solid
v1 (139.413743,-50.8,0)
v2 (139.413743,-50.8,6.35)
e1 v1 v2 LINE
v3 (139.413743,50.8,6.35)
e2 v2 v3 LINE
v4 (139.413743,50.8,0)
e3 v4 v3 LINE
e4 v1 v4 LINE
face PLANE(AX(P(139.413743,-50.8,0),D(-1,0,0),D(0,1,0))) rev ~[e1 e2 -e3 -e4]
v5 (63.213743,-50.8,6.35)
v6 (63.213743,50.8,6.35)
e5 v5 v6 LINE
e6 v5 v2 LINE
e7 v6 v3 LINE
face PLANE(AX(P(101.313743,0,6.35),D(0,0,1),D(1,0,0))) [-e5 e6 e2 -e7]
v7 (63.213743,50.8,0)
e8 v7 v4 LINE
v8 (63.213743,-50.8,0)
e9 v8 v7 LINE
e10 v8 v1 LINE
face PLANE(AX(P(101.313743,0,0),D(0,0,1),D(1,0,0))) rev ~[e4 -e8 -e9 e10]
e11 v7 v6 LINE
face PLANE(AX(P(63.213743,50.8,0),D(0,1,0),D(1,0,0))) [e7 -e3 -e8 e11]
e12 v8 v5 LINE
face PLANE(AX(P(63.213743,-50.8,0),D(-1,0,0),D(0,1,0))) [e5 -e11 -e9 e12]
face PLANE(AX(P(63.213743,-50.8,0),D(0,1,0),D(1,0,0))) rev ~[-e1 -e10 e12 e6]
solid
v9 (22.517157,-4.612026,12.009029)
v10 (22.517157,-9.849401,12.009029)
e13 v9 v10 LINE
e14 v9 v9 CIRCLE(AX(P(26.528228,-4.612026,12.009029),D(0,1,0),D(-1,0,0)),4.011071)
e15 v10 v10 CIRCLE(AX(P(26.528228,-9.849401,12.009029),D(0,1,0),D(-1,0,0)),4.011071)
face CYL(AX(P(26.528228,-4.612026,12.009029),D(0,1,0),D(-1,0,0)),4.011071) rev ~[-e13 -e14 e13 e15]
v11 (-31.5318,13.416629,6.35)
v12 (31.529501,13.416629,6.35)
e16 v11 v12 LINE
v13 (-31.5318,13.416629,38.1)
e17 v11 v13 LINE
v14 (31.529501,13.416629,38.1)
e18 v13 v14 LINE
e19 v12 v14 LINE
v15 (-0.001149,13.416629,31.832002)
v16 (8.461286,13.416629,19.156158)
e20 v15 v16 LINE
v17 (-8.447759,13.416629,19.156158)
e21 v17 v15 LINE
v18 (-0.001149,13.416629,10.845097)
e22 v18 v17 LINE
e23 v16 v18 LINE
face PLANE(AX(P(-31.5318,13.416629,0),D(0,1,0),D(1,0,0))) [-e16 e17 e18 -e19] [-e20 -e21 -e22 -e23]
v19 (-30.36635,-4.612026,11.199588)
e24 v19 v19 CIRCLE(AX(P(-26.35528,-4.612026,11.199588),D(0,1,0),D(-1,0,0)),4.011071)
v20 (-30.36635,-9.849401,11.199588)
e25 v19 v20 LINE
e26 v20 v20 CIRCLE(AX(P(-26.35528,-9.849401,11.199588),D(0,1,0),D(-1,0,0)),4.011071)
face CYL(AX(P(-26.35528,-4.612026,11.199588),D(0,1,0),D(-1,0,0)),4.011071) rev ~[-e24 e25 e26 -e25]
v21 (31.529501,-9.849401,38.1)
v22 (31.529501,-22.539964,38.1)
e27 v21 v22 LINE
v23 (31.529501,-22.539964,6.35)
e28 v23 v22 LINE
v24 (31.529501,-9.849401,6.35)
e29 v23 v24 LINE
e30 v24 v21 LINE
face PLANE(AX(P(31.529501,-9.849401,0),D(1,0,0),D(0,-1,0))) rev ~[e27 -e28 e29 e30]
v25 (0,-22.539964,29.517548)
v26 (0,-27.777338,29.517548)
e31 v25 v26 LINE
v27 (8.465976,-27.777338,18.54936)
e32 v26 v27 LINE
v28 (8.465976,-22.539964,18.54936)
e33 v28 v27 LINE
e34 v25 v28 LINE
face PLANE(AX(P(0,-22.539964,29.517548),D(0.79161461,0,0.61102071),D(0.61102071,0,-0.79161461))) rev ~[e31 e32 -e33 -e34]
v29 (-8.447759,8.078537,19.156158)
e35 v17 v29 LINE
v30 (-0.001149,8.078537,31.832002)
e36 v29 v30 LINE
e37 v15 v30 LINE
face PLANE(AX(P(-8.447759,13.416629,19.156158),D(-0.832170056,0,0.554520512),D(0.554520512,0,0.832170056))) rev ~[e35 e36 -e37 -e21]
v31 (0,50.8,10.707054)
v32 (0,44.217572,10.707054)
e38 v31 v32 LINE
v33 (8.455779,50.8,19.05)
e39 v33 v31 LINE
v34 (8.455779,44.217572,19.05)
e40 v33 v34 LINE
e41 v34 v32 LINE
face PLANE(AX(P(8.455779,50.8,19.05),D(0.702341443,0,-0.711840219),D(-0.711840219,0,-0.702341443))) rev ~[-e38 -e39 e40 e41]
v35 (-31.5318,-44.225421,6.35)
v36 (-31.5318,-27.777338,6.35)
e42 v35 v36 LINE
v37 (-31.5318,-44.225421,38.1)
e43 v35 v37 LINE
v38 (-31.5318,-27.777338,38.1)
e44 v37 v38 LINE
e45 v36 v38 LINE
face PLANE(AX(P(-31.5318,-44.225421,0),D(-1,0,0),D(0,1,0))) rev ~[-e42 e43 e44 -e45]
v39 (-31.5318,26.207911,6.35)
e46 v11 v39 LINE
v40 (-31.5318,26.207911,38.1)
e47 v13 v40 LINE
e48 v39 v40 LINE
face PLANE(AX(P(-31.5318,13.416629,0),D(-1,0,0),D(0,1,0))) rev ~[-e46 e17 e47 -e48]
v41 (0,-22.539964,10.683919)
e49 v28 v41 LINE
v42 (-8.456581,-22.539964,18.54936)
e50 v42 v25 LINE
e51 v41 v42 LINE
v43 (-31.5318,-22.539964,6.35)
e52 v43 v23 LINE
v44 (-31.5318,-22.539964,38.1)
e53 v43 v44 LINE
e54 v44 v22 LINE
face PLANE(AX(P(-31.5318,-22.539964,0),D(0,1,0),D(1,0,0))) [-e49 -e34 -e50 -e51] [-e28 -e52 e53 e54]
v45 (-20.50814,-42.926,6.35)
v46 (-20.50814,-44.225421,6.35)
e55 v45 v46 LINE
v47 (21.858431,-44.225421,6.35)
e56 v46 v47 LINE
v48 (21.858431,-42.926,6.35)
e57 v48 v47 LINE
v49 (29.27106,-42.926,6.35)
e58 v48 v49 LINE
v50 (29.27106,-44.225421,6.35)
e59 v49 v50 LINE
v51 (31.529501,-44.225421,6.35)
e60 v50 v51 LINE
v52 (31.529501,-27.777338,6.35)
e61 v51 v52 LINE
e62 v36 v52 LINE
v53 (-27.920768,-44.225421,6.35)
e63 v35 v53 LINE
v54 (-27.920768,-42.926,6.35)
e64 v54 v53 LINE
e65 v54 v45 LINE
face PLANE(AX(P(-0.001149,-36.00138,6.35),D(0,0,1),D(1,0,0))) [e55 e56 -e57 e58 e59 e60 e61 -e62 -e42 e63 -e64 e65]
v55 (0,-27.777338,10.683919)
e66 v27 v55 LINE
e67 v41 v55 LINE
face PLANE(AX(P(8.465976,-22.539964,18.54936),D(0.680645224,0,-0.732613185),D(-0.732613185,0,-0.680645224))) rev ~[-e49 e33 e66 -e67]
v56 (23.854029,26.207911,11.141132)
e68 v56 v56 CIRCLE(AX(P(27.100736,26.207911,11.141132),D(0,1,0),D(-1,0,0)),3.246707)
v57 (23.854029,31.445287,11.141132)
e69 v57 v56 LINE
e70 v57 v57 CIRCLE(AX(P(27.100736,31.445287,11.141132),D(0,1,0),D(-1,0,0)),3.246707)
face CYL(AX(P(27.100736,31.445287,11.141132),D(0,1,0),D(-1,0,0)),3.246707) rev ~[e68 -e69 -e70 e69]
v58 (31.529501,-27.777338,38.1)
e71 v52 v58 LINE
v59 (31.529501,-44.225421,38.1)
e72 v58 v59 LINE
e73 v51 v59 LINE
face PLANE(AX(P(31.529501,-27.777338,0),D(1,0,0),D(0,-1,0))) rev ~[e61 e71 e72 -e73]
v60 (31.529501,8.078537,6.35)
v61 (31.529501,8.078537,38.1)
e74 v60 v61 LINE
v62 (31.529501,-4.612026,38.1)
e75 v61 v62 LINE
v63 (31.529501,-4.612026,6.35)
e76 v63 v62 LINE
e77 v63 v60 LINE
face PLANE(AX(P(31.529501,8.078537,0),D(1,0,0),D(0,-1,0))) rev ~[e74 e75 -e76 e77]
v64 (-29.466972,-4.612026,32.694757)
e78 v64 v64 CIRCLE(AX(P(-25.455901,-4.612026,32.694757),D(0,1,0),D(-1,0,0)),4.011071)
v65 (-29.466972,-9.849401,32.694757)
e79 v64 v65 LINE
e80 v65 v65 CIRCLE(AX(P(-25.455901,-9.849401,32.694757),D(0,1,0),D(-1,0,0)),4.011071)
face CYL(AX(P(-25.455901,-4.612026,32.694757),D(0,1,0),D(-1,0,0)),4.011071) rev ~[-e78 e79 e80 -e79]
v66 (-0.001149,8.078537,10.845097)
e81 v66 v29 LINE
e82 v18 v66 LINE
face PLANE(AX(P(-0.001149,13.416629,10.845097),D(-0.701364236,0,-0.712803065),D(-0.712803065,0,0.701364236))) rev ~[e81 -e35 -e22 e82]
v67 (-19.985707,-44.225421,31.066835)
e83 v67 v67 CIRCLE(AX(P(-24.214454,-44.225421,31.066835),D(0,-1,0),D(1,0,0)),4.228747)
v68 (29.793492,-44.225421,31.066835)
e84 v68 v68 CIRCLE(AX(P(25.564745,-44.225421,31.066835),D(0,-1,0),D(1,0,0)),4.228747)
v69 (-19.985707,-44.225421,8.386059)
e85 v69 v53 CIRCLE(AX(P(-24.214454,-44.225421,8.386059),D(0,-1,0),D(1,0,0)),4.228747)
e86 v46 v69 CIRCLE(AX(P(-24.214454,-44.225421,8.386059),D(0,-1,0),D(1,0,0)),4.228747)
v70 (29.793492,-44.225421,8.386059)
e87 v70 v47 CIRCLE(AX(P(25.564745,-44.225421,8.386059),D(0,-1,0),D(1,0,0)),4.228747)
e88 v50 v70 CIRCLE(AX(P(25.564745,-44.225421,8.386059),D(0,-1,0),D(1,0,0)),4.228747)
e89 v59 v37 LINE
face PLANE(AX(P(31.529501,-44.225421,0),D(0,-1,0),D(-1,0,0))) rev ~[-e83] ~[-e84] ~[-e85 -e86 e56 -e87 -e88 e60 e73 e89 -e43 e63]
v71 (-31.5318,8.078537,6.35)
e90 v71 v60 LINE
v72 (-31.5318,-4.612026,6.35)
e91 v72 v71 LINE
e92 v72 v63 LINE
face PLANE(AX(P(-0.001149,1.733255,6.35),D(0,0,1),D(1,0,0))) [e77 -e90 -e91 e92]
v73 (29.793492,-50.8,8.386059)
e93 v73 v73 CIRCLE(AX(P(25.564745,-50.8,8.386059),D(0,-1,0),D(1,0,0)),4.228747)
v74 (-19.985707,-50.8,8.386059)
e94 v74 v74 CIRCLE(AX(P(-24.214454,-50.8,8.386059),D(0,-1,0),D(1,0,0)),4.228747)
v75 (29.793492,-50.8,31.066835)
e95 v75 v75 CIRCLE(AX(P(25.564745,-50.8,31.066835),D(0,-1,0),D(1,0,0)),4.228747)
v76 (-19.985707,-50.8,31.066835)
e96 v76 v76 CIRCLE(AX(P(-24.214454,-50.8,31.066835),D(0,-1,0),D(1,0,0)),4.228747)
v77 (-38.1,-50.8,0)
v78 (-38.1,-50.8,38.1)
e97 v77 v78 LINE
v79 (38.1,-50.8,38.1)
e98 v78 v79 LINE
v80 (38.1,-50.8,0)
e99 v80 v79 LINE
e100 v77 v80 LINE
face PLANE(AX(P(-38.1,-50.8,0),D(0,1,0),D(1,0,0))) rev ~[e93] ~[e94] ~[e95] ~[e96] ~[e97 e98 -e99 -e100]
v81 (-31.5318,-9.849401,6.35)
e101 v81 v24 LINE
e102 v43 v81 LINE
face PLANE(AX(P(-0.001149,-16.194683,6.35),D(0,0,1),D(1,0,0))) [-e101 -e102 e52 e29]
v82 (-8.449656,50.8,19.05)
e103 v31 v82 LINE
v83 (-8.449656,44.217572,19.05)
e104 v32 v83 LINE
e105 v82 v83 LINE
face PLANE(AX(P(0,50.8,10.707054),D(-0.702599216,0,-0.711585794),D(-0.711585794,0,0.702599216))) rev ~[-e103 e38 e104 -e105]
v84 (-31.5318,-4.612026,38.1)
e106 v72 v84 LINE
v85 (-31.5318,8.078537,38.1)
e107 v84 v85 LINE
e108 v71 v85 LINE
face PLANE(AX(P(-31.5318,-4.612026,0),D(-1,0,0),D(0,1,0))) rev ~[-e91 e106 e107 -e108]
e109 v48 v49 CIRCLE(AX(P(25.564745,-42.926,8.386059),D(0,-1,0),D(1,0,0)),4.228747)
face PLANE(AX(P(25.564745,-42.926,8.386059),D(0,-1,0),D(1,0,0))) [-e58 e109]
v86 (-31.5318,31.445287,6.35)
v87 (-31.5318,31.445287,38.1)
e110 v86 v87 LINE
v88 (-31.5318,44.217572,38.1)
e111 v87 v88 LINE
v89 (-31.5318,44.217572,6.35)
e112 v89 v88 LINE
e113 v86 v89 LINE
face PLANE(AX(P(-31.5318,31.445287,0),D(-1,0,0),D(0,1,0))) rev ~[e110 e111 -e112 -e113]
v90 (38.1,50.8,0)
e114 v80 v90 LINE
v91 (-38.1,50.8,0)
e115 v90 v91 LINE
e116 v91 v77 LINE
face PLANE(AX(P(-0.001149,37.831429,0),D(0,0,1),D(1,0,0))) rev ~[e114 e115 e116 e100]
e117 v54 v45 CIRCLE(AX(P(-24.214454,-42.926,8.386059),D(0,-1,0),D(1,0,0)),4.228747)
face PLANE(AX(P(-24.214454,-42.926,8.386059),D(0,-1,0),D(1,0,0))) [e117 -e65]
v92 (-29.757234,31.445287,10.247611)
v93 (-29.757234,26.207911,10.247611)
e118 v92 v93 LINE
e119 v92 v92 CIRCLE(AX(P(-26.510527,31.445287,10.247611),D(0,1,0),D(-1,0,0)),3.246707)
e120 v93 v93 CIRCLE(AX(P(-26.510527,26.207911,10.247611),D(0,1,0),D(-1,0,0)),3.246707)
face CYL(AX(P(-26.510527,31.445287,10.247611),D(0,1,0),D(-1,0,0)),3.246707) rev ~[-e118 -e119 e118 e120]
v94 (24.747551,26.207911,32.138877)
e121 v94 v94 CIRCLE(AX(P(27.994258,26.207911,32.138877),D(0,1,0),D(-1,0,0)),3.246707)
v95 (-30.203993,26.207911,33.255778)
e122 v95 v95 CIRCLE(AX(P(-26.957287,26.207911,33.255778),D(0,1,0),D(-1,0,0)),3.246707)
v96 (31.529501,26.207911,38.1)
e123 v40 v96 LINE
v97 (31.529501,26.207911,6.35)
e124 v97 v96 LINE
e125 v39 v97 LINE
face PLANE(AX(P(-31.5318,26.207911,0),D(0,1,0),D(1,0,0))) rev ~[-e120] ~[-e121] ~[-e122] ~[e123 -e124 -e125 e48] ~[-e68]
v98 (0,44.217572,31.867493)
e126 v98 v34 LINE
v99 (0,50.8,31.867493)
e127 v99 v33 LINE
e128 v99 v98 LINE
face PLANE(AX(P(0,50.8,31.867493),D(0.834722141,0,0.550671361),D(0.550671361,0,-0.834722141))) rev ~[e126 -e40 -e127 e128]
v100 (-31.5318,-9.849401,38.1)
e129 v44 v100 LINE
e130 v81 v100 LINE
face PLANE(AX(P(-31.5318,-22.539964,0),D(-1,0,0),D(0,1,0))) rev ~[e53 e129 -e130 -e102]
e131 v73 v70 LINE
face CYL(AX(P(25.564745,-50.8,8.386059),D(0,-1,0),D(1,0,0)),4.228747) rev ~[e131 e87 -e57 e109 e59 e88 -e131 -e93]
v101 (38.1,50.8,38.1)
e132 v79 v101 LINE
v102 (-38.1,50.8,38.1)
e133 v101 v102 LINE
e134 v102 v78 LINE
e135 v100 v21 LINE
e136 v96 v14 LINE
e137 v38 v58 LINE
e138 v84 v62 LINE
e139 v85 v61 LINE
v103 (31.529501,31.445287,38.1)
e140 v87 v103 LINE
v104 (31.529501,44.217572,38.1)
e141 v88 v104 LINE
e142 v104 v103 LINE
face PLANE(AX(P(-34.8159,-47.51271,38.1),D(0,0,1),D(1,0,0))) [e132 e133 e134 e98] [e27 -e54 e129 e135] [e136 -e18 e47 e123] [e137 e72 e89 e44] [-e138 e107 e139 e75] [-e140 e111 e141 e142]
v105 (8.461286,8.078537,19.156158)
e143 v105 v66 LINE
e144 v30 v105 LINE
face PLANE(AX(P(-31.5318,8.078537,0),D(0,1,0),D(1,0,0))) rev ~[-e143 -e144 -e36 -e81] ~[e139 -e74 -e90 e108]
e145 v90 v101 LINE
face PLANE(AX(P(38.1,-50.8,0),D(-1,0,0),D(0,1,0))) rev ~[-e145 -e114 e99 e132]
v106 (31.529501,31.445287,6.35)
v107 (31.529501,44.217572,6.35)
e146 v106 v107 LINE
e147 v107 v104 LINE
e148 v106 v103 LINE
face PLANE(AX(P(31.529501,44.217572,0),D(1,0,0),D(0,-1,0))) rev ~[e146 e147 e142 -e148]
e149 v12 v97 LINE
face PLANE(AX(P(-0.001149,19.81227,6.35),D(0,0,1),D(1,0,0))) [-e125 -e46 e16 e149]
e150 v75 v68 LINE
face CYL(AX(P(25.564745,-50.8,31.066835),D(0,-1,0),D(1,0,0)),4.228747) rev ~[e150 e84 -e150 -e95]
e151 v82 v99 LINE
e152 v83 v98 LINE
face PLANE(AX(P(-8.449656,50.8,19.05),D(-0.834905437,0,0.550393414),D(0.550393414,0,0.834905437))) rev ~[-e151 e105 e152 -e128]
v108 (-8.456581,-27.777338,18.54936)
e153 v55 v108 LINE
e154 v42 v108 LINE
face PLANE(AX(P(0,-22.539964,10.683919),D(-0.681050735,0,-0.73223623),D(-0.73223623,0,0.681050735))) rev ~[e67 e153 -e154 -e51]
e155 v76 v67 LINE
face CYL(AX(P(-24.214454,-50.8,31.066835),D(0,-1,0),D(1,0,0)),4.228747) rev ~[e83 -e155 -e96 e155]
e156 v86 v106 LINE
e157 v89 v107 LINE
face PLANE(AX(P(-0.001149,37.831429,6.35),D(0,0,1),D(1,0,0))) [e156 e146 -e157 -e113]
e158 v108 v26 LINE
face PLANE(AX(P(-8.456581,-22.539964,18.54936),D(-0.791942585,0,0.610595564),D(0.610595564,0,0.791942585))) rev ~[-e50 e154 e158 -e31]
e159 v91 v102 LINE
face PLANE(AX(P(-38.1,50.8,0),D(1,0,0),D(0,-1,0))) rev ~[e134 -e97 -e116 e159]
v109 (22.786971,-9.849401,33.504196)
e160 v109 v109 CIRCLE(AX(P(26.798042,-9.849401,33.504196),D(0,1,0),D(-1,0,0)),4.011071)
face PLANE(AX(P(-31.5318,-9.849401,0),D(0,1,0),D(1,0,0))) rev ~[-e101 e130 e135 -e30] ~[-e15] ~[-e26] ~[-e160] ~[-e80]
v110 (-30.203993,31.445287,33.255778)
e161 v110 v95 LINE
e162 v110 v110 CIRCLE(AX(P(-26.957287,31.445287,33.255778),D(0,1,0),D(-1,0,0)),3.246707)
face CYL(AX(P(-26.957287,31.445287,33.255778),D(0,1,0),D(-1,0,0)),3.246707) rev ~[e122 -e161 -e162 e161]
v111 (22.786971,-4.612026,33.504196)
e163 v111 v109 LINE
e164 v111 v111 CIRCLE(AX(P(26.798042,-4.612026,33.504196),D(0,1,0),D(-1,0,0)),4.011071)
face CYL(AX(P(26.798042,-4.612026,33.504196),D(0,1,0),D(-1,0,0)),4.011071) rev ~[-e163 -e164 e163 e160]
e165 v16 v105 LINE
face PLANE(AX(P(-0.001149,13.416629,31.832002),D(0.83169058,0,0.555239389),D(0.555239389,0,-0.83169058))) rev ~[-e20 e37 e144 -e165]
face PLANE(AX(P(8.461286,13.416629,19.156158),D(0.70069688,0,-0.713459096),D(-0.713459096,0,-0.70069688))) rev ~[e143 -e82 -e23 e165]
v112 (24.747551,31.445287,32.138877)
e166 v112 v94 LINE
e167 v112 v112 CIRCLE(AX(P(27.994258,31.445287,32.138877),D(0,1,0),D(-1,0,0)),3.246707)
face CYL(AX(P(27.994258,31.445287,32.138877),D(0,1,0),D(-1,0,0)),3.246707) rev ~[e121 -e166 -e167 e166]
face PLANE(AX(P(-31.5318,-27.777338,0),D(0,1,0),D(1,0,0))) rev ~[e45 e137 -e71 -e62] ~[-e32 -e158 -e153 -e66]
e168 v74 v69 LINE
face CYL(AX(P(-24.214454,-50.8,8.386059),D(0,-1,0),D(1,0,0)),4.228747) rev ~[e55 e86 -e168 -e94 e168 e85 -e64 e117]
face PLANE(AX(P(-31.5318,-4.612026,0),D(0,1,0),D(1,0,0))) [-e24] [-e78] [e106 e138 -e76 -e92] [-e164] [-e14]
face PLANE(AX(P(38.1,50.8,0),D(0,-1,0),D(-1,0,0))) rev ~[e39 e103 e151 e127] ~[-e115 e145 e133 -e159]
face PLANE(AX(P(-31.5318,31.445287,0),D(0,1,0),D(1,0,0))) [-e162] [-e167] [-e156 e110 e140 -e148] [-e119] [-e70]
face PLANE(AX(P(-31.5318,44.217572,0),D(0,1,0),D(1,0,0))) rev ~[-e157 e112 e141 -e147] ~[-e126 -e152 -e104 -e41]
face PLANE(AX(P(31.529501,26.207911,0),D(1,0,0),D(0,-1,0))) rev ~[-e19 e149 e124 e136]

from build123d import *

# Parameters (mm, degrees)
F0_W      = 6.5682004154
F0_H      = 6.5745791972
F0_W_2    = 6.5704989195
F0_H_2    = 6.5824283838
F0_W_3    = 63.0613006651
F0_H_3    = 5.2373763174
F0_H_4    = 5.3380923346
F0_H_5    = 5.2373749204
F0_H_6    = 5.2373744547
F1_DEPTH  = 38.1
F0_H_7    = 12.7722844481
F0_H_8    = 12.791281566
F0_H_9    = 12.6905632205
F0_H_10   = 12.6905627549
F0_H_11   = 16.4480824023
F2_DEPTH  = 6.35
F4_DEPTH  = 12.7
F5_R      = 3.2467068395
F6_DEPTH  = 7.62
F8_DEPTH  = 7.62
F9_R      = 4.0110707537
F10_DEPTH = 7.62
F12_DEPTH = 7.62
F13_R     = 4.2287470851
F14_DEPTH = 7.874
F0_W_4    = 76.2
F0_H_12   = 101.6
F15_DEPTH = 6.35


with BuildPart() as f1:
    # F0 (on Top) → F1 (new body)
    with BuildSketch(Plane.XY):
        with Locations((-34.8158997923, -47.5127104014)):
            Rectangle(F0_W, F0_H)
        with Locations((34.8147505403, 47.5087858081)):
            Rectangle(F0_W_2, F0_H_2)
        with Locations((34.8147505403, -47.5127104014)):
            Rectangle(F0_W_2, F0_H)
        with Locations((-34.8158997923, 47.5087858081)):
            Rectangle(F0_W, F0_H_2)
        with Locations((-0.0011492521, -47.5127104014)):
            Rectangle(F0_W_3, F0_H)
        with Locations((-0.0011492521, 47.5087858081)):
            Rectangle(F0_W_3, F0_H_2)
        Polygon((31.5295010805, -44.2254208028), (38.1, -44.2254208028), (38.1, 44.2175716162), (31.5295010805, 44.2175716162), (31.5295010805, 31.445287168), (31.5295010805, 26.2079108506), (31.5295010805, 13.4166292846), (31.5295010805, 8.0785369501), (31.5295010805, -4.6120262705), (31.5295010805, -9.8494011909), (31.5295010805, -22.5399639457), (31.5295010805, -27.7773384005), align=None)
        Polygon((-38.1, -44.2254208028), (-31.5317995846, -44.2254208028), (-31.5317995846, -27.7773384005), (-31.5317995846, -22.5399639457), (-31.5317995846, -9.8494011909), (-31.5317995846, -4.6120262705), (-31.5317995846, 8.0785369501), (-31.5317995846, 13.4166292846), (-31.5317995846, 26.2079108506), (-31.5317995846, 31.445287168), (-31.5317995846, 44.2175716162), (-38.1, 44.2175716162), align=None)
        with Locations((-0.0011492521, 28.8265990093)):
            Rectangle(F0_W_3, F0_H_3)
        with Locations((-0.0011492521, 10.7475831173)):
            Rectangle(F0_W_3, F0_H_4)
        with Locations((-0.0011492521, -7.2307137307)):
            Rectangle(F0_W_3, F0_H_5)
        with Locations((-0.0011492521, -25.1586511731)):
            Rectangle(F0_W_3, F0_H_6)
    extrude(amount=F1_DEPTH)

    # F0 (on Top) → F2 (join)
    with BuildSketch(Plane.XY):
        with Locations((-0.0011492521, 37.8314293921)):
            Rectangle(F0_W_3, F0_H_7)
        with Locations((-0.0011492521, 19.8122700676)):
            Rectangle(F0_W_3, F0_H_8)
        with Locations((-0.0011492521, 1.7332553398)):
            Rectangle(F0_W_3, F0_H_9)
        with Locations((-0.0011492521, -16.1946825683)):
            Rectangle(F0_W_3, F0_H_10)
        with Locations((-0.0011492521, -36.0013796017)):
            Rectangle(F0_W_3, F0_H_11)
    extrude(amount=F2_DEPTH)

    # F3 (on face) → F4 (cut)
    with BuildSketch(Plane(origin=(0, 50.8, 0), x_dir=(-1, 0, 0), z_dir=(0, 1, 0))):
        Polygon((8.4496559575, 19.05), (0, 31.867492944), (0, 19.05), align=None)
        Polygon((0, 19.05), (0, 31.867492944), (-8.4557794034, 19.05), align=None)
        Polygon((8.4496559575, 19.05), (0, 19.05), (0, 10.7070542872), align=None)
        Polygon((0, 10.7070542872), (0, 19.05), (-8.4557794034, 19.05), align=None)
    extrude(amount=-F4_DEPTH, mode=Mode.SUBTRACT)

    # F5 (on face) → F6 (cut)
    with BuildSketch(Plane(origin=(0, 31.445287168, 0), x_dir=(-1, 0, 0), z_dir=(0, 1, 0))):
        with Locations((-27.1007362753, 11.141131632)):
            Circle(F5_R)
        with Locations((-27.9942583293, 32.138876617)):
            Circle(F5_R)
        with Locations((26.9572865218, 33.2557782531)):
            Circle(F5_R)
        with Locations((26.5105273575, 10.2476105094)):
            Circle(F5_R)
    extrude(amount=-F6_DEPTH, mode=Mode.SUBTRACT)

    # F7 (on face) → F8 (cut)
    with BuildSketch(Plane(origin=(0, 13.4166292846, 0), x_dir=(-1, 0, 0), z_dir=(0, 1, 0))):
        Polygon((-8.4612863138, 19.1561579704), (0.0011492521, 19.1561579704), (0.0011492521, 31.8320021033), align=None)
        Polygon((-8.4612863138, 19.1561579704), (0.0011492521, 10.8450967818), (0.0011492521, 19.1561579704), align=None)
        Polygon((0.0011492521, 31.8320021033), (0.0011492521, 19.1561579704), (8.4477588534, 19.1561579704), align=None)
        Polygon((0.0011492521, 19.1561579704), (0.0011492521, 10.8450967818), (8.4477588534, 19.1561579704), align=None)
    extrude(amount=-F8_DEPTH, mode=Mode.SUBTRACT)

    # F9 (on face) → F10 (cut)
    with BuildSketch(Plane(origin=(0, -4.6120262705, 0), x_dir=(-1, 0, 0), z_dir=(0, 1, 0))):
        with Locations((-26.5282280743, 12.0090292767)):
            Circle(F9_R)
        with Locations((-26.7980415374, 33.5041955113)):
            Circle(F9_R)
        with Locations((26.3552796096, 11.1995879561)):
            Circle(F9_R)
        with Locations((25.4559013993, 32.6947569847)):
            Circle(F9_R)
    extrude(amount=-F10_DEPTH, mode=Mode.SUBTRACT)

    # F11 (on face) → F12 (cut)
    with BuildSketch(Plane(origin=(0, -22.5399639457, 0), x_dir=(-1, 0, 0), z_dir=(0, 1, 0))):
        Polygon((-8.465975523, 18.5493603349), (0, 10.6839193031), (0, 18.5493603349), align=None)
        Polygon((0, 18.5493603349), (0, 10.6839193031), (8.4565812722, 18.5493603349), align=None)
        Polygon((0, 29.5175481588), (0, 18.5493603349), (8.4565812722, 18.5493603349), align=None)
        Polygon((-8.465975523, 18.5493603349), (0, 18.5493603349), (0, 29.5175481588), align=None)
    extrude(amount=-F12_DEPTH, mode=Mode.SUBTRACT)

    # F13 (on face) → F14 (cut)
    with BuildSketch(Plane.XZ.offset(50.8)):
        with Locations((-24.2144539952, 8.3860587329)):
            Circle(F13_R)
        with Locations((-24.2144539952, 31.0668349266)):
            Circle(F13_R)
        with Locations((25.5647450686, 31.0668349266)):
            Circle(F13_R)
        with Locations((25.5647450686, 8.3860587329)):
            Circle(F13_R)
    extrude(amount=-F14_DEPTH, mode=Mode.SUBTRACT)


with BuildPart() as f15:
    # F0 (on Top) → F15 (new body)
    with BuildSketch(Plane.XY):
        with Locations((101.3137432694, 0)):
            Rectangle(F0_W_4, F0_H_12)
    extrude(amount=F15_DEPTH)


solid = Compound([f1.part, f15.part])
